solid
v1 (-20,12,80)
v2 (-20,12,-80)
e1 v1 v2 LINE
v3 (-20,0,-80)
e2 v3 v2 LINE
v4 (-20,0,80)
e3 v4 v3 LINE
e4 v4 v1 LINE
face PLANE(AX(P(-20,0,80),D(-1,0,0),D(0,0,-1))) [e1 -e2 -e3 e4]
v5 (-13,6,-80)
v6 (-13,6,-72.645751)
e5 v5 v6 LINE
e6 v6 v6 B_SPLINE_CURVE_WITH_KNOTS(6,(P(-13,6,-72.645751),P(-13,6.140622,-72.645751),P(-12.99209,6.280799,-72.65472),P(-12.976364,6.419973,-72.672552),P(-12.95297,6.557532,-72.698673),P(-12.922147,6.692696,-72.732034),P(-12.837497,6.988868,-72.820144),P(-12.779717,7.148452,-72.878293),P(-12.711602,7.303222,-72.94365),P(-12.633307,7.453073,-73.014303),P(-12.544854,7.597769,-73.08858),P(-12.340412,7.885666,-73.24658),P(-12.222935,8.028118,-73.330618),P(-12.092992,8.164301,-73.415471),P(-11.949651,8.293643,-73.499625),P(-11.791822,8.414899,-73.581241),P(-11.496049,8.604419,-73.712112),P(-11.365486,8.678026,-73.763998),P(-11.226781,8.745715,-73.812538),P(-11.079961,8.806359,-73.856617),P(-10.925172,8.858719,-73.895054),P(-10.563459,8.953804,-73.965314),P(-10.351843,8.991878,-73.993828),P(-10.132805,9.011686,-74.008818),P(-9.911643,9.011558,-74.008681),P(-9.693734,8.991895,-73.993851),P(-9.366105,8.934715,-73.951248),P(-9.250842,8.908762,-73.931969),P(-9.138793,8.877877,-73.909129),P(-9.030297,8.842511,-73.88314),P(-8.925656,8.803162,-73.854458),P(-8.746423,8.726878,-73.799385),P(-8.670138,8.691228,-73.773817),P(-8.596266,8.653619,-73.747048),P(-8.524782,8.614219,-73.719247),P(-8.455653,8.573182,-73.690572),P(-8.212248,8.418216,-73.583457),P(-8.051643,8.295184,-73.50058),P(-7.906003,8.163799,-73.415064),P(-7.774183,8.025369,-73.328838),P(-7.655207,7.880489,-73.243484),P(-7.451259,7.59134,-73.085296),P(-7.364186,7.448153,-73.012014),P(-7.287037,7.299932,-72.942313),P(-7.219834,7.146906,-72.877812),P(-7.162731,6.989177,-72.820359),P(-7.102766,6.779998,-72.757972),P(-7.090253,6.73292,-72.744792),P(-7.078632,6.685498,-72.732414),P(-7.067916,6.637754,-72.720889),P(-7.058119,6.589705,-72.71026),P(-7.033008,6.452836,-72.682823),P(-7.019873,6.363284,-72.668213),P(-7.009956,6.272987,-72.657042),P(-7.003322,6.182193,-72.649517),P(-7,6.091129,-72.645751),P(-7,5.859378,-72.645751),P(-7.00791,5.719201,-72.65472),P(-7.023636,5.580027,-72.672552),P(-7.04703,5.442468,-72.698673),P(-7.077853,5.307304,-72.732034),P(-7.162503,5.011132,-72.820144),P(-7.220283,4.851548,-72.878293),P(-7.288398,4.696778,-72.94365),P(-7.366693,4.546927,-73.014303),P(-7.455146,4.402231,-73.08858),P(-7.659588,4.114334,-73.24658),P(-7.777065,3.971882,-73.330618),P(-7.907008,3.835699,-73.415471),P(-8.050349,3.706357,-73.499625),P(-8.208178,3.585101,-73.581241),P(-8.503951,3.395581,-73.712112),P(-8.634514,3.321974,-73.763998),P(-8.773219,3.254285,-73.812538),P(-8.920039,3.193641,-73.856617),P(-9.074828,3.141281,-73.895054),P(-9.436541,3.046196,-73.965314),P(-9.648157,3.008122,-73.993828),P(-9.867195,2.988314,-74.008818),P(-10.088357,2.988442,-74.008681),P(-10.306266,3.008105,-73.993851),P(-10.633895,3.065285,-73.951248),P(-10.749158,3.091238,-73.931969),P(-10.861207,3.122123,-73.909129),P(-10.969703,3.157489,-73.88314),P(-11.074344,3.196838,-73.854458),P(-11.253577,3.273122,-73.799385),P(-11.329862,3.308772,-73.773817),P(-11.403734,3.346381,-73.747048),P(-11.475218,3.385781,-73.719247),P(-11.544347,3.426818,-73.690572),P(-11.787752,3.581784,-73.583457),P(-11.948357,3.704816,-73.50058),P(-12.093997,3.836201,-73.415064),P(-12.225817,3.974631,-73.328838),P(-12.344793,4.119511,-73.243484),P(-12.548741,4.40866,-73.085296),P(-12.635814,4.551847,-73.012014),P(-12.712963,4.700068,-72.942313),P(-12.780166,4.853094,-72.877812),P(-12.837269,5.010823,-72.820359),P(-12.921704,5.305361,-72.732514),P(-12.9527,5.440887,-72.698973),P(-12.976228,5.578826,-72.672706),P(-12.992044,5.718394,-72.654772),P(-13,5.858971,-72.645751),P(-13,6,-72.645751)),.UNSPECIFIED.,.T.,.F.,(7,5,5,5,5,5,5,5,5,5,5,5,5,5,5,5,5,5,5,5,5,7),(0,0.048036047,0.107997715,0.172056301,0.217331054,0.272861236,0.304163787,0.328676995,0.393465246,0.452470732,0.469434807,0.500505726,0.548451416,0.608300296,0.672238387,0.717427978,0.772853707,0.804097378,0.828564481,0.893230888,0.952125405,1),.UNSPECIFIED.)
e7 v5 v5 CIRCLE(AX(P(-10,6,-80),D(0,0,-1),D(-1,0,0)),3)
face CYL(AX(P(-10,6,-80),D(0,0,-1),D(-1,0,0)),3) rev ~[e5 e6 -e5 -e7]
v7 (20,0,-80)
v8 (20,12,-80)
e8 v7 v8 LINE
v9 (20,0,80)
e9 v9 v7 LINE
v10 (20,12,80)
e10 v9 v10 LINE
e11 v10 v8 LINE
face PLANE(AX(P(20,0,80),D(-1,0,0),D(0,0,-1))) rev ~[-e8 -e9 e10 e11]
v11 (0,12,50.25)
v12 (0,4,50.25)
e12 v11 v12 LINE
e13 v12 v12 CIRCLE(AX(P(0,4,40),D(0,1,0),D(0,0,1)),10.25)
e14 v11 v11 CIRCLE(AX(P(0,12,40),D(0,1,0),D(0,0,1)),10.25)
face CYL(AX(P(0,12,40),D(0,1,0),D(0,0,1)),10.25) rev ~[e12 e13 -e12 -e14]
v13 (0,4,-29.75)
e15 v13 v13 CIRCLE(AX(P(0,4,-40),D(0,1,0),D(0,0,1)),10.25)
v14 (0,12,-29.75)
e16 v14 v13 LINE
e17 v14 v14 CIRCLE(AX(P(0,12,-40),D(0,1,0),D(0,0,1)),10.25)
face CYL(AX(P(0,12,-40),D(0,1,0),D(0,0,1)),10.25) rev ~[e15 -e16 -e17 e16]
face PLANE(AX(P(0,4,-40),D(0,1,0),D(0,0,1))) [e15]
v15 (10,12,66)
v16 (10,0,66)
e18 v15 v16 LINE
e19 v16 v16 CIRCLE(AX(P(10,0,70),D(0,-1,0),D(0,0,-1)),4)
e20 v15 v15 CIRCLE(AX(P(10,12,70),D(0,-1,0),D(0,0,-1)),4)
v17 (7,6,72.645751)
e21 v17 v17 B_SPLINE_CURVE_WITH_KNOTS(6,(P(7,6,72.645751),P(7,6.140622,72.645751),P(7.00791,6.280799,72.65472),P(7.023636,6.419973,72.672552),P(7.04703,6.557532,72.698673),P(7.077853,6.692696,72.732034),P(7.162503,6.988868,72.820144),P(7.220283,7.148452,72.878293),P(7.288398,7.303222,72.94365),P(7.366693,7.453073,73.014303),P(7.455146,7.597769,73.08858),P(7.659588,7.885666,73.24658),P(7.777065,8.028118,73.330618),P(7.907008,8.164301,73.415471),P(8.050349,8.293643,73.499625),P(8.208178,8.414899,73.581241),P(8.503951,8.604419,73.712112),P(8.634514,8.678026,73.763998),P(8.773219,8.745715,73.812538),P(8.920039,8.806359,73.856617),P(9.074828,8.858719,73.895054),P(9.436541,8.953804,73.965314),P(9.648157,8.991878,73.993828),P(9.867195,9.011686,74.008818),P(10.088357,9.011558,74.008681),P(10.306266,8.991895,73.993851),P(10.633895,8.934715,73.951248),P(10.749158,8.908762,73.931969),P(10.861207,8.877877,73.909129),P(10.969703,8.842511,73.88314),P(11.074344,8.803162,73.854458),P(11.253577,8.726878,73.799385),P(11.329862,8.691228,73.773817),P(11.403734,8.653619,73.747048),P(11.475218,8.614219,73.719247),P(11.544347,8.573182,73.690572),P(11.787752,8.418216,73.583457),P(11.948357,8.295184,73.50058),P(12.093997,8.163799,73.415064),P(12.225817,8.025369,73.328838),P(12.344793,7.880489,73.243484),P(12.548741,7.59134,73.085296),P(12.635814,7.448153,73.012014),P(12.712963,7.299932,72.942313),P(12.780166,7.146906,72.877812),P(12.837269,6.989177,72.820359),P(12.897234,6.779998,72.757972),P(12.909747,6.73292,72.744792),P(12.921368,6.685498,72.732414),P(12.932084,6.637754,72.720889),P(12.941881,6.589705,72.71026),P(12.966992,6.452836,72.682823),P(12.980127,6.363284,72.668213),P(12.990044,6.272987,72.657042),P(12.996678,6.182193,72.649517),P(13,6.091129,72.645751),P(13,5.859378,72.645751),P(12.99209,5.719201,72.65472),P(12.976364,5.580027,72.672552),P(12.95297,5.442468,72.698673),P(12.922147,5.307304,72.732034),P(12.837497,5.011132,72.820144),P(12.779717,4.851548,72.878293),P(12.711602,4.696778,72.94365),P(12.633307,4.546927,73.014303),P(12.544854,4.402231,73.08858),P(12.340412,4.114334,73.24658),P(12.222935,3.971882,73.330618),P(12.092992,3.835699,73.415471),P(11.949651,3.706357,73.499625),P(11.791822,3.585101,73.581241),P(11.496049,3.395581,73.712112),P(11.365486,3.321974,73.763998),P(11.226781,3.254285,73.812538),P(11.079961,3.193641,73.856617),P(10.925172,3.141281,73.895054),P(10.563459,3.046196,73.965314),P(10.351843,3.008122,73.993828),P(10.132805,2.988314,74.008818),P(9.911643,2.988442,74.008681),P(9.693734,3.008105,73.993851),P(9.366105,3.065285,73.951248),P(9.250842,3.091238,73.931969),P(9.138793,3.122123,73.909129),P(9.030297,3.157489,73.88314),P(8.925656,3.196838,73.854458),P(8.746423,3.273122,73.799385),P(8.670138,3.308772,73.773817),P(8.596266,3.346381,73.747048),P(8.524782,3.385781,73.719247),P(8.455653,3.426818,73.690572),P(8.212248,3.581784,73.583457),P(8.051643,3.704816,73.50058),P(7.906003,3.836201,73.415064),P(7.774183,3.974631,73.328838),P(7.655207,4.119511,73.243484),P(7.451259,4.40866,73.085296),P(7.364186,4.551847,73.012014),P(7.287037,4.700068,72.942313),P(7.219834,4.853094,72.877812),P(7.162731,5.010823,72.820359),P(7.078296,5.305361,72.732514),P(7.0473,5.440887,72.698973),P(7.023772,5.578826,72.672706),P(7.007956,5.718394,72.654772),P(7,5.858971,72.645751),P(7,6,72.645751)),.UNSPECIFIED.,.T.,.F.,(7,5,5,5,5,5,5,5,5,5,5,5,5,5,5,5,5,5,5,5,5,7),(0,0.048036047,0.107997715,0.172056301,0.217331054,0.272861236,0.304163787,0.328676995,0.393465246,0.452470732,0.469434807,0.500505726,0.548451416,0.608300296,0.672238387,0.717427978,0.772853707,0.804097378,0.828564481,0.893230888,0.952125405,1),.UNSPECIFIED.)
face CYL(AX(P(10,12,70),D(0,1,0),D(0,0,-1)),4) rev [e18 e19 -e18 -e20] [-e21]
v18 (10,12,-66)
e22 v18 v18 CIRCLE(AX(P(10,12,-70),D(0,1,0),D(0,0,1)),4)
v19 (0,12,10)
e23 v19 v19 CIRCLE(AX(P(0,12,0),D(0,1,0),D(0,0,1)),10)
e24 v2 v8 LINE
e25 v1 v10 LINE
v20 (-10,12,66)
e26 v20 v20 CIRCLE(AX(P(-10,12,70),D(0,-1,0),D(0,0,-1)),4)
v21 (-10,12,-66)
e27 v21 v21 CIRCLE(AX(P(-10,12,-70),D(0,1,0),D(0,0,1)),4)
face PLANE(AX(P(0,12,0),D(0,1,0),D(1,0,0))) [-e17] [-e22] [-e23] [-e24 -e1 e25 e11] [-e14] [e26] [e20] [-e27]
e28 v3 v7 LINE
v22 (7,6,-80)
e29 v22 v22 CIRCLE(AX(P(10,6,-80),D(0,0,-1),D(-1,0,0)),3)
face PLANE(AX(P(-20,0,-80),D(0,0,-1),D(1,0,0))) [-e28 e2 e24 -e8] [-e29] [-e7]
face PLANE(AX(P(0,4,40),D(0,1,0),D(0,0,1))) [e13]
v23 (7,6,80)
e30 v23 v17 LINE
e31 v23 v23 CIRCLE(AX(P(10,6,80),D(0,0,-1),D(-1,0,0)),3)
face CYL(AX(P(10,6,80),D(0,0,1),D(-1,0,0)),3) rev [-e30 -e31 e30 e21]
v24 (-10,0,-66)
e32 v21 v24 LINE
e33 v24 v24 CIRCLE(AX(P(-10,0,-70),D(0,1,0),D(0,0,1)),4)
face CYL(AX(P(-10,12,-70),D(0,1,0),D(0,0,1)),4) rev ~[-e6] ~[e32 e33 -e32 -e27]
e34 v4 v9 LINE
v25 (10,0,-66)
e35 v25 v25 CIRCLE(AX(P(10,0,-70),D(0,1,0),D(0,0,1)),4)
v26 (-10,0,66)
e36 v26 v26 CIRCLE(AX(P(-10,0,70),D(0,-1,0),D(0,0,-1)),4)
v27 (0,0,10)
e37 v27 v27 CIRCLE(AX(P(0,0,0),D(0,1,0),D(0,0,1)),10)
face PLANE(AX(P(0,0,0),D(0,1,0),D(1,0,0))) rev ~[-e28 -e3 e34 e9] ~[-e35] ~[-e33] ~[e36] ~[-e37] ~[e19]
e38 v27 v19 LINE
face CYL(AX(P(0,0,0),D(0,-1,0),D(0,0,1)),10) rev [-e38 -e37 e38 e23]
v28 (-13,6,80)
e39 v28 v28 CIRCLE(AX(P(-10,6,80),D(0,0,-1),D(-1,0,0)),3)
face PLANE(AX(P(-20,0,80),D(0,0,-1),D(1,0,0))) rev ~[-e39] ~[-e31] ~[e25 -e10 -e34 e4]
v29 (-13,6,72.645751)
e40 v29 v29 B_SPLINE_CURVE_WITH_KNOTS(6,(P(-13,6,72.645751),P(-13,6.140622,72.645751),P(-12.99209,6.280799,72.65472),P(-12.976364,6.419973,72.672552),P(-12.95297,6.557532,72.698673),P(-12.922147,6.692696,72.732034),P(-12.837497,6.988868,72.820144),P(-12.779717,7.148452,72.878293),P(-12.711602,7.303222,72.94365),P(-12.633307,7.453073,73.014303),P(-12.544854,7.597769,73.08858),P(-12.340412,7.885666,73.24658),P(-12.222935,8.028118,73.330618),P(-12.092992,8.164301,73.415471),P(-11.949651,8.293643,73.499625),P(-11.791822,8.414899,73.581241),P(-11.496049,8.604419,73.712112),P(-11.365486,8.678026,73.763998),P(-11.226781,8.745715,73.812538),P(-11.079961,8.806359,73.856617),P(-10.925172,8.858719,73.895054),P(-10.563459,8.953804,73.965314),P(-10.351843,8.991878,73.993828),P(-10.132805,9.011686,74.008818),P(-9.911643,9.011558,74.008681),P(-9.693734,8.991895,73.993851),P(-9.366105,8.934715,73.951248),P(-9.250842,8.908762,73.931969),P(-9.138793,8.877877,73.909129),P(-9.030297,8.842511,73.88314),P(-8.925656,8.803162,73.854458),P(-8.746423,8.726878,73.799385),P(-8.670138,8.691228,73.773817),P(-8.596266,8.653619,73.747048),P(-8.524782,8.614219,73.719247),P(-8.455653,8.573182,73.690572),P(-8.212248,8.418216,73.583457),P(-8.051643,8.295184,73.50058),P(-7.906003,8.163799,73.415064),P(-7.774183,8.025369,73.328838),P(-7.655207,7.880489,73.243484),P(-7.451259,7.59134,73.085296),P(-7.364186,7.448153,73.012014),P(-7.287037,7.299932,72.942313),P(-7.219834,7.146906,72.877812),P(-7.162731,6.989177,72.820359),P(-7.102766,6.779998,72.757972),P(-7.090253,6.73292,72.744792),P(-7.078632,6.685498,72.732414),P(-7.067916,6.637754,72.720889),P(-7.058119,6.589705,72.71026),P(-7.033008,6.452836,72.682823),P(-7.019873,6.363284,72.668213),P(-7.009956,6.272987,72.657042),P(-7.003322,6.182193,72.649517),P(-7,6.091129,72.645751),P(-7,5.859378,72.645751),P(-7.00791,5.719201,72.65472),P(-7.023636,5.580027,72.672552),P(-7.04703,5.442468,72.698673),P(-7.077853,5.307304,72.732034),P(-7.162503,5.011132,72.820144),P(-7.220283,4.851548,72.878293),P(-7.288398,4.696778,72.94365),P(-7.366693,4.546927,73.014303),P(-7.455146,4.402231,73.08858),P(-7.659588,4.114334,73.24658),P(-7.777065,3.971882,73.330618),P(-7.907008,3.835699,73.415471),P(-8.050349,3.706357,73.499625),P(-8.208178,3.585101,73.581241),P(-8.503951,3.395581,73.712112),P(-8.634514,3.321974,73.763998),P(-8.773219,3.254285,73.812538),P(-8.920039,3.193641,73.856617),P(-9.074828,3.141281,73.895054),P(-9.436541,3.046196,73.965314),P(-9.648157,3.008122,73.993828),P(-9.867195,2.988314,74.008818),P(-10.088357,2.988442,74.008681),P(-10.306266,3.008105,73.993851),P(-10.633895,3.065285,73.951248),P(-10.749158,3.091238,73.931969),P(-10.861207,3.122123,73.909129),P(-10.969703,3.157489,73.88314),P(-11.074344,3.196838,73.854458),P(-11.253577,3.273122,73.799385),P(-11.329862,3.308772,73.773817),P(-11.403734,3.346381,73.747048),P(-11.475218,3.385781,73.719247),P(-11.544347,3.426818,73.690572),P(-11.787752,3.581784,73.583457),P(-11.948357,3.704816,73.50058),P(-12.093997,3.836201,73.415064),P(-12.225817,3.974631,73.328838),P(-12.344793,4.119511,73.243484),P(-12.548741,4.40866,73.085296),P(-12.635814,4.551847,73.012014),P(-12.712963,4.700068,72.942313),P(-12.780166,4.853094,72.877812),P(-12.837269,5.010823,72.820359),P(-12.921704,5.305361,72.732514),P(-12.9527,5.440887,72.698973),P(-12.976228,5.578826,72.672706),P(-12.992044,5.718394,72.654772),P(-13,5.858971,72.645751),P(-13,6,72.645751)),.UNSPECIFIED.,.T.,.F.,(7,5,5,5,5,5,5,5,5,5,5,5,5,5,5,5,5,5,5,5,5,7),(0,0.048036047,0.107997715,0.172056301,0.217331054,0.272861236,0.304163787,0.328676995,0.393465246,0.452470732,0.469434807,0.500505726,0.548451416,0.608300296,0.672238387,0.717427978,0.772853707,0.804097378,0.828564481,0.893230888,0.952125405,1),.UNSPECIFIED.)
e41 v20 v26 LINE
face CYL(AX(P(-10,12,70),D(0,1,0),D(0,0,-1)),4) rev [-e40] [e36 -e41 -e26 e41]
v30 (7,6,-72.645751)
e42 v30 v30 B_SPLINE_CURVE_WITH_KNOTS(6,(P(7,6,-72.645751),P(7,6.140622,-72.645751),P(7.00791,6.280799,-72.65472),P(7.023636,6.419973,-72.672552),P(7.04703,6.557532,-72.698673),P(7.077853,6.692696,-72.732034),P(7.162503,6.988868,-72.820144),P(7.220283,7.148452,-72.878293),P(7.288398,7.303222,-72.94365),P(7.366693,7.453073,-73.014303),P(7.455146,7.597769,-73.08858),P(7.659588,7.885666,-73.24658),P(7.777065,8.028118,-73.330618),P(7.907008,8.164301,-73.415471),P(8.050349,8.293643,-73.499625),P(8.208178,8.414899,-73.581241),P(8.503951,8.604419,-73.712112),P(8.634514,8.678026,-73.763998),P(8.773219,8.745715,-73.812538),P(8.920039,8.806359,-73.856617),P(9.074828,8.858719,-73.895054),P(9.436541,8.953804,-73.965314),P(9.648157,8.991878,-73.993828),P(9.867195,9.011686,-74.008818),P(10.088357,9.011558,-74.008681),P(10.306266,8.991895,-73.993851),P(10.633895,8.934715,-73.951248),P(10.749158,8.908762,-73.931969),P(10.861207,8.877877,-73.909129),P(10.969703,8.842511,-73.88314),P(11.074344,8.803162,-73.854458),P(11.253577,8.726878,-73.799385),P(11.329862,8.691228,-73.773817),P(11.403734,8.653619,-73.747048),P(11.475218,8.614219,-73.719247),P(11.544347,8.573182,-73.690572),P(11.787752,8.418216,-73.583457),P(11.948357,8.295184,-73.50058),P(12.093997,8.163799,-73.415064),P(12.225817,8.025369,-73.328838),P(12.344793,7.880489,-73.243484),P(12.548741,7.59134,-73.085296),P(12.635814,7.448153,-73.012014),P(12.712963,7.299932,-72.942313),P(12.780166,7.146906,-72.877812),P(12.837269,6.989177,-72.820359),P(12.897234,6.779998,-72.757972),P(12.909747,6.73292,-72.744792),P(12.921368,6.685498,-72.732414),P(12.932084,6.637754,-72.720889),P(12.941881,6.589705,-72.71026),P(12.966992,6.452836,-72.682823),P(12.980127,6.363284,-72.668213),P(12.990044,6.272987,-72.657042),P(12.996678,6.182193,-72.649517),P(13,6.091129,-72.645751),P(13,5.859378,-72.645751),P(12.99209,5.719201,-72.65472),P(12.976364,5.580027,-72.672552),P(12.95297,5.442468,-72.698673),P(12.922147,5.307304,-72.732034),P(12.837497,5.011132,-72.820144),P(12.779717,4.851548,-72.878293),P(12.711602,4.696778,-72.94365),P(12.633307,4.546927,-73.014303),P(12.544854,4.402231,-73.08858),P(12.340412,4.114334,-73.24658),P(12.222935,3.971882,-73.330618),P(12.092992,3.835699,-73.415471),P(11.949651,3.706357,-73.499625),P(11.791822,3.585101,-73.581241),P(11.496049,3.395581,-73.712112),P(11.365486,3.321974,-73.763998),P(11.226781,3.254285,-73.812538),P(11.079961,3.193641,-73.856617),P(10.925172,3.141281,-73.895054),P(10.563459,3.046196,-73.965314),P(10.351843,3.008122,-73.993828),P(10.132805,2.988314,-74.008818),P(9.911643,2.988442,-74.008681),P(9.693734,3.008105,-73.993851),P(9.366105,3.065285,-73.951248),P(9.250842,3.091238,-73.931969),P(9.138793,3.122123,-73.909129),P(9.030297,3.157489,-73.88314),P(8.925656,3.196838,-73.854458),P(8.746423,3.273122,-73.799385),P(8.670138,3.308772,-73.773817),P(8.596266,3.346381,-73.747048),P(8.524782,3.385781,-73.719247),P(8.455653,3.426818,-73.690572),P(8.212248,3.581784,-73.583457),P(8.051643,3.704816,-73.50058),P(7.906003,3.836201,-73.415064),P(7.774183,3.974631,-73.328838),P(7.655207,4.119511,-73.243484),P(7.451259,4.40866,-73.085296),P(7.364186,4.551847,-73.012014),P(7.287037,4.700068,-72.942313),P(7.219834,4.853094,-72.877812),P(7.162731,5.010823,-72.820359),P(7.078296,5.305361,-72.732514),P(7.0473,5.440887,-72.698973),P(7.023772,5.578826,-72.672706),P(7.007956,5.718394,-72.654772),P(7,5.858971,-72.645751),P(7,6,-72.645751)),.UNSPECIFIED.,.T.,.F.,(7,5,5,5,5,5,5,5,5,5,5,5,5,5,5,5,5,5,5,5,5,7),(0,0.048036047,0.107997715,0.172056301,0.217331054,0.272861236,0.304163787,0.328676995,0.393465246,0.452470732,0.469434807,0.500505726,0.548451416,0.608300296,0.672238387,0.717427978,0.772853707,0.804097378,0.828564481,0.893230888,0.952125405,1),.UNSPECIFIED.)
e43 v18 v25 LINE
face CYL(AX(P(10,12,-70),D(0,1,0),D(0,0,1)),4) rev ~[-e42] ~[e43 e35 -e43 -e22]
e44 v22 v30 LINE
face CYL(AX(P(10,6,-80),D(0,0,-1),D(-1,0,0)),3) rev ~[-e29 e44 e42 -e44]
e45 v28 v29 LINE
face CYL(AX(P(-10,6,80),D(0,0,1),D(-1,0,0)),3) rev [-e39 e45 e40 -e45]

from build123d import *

# Parameters (mm, degrees)
SKETCH1_W           = 40
SKETCH1_H           = 160
SKETCH1_R           = 10
BOSS_EXTRUDE1_DEPTH = 12
CUT_EXTRUDE3_REACH  = 85.331
SKETCH4_R           = 4
CUT_EXTRUDE4_REACH  = 163.691
SKETCH5_R           = 3
SKETCH6_R           = 10.25
CUT_EXTRUDE5_DEPTH  = 8


with BuildPart() as part:
    # Sketch1 → Boss-Extrude1 (new body)
    with BuildSketch(Plane(origin=(0, 0, 0), x_dir=(1, 0, 0), z_dir=(0, 1, 0))):
        Rectangle(SKETCH1_W, SKETCH1_H)
        with Locations(Location((0, 0, 0), (0, 0, 270))):
            Circle(SKETCH1_R, mode=Mode.SUBTRACT)
    extrude(amount=BOSS_EXTRUDE1_DEPTH)

    # Sketch4 → Cut-Extrude3 (cut, up to next)
    with BuildSketch(Plane(origin=(0, 12, 0), x_dir=(1, 0, 0), z_dir=(0, 1, 0)), mode=Mode.PRIVATE) as cut_extrude3_sk1:
        with Locations(Location((-10, 70, 0), (0, 0, 270))):
            Circle(SKETCH4_R)
    cut_extrude3_tool1 = extrude(cut_extrude3_sk1.sketch, amount=-CUT_EXTRUDE3_REACH, mode=Mode.PRIVATE) & part.part
    # Sketch4 → Cut-Extrude3 (cut, up to next)
    with BuildSketch(Plane(origin=(0, 12, 0), x_dir=(1, 0, 0), z_dir=(0, 1, 0)), mode=Mode.PRIVATE) as cut_extrude3_sk2:
        with Locations(Location((10, 70, 0), (0, 0, 270))):
            Circle(SKETCH4_R)
    cut_extrude3_tool2 = extrude(cut_extrude3_sk2.sketch, amount=-CUT_EXTRUDE3_REACH, mode=Mode.PRIVATE) & part.part
    cut_extrude3_1 = cut_extrude3_tool1.solids().sort_by_distance((-10, 12, -70))[0]
    add(cut_extrude3_1, mode=Mode.SUBTRACT)
    cut_extrude3_2 = cut_extrude3_tool2.solids().sort_by_distance((10, 12, -70))[0]
    add(cut_extrude3_2, mode=Mode.SUBTRACT)
    cut_extrude3 = cut_extrude3_1 + cut_extrude3_2  # Cut-Extrude3 as one shape, for the pattern or mirror that repeats it

    # Sketch5 → Cut-Extrude4 (cut, up to next)
    with BuildSketch(Plane(origin=(0, 0, -80), x_dir=(-1, 0, 0), z_dir=(0, 0, -1)), mode=Mode.PRIVATE) as cut_extrude4_sk1:
        with Locations((10, 6)):
            Circle(SKETCH5_R)
    cut_extrude4_tool1 = extrude(cut_extrude4_sk1.sketch, amount=-CUT_EXTRUDE4_REACH, mode=Mode.PRIVATE) & part.part
    # Sketch5 → Cut-Extrude4 (cut, up to next)
    with BuildSketch(Plane(origin=(0, 0, -80), x_dir=(-1, 0, 0), z_dir=(0, 0, -1)), mode=Mode.PRIVATE) as cut_extrude4_sk2:
        with Locations((-10, 6)):
            Circle(SKETCH5_R)
    cut_extrude4_tool2 = extrude(cut_extrude4_sk2.sketch, amount=-CUT_EXTRUDE4_REACH, mode=Mode.PRIVATE) & part.part
    cut_extrude4_1 = cut_extrude4_tool1.solids().sort_by_distance((-10, 6, -80))[0]
    add(cut_extrude4_1, mode=Mode.SUBTRACT)
    cut_extrude4_2 = cut_extrude4_tool2.solids().sort_by_distance((10, 6, -80))[0]
    add(cut_extrude4_2, mode=Mode.SUBTRACT)
    cut_extrude4 = cut_extrude4_1 + cut_extrude4_2  # Cut-Extrude4 as one shape, for the pattern or mirror that repeats it

    # Mirror1: Cut-Extrude3, Cut-Extrude4 across plane
    add(cut_extrude3.mirror(Plane.XY), mode=Mode.SUBTRACT)
    add(cut_extrude4.mirror(Plane.XY), mode=Mode.SUBTRACT)

    # Sketch6 → Cut-Extrude5 (cut)
    with BuildSketch(Plane(origin=(0, 12, 0), x_dir=(1, 0, 0), z_dir=(0, 1, 0))):
        with Locations(Location((0, 40, 0), (0, 0, 270))):
            Circle(SKETCH6_R)
        with Locations(Location((0, -40, 0), (0, 0, 270))):
            Circle(SKETCH6_R)
    extrude(amount=-CUT_EXTRUDE5_DEPTH, mode=Mode.SUBTRACT)


solid = part.part
